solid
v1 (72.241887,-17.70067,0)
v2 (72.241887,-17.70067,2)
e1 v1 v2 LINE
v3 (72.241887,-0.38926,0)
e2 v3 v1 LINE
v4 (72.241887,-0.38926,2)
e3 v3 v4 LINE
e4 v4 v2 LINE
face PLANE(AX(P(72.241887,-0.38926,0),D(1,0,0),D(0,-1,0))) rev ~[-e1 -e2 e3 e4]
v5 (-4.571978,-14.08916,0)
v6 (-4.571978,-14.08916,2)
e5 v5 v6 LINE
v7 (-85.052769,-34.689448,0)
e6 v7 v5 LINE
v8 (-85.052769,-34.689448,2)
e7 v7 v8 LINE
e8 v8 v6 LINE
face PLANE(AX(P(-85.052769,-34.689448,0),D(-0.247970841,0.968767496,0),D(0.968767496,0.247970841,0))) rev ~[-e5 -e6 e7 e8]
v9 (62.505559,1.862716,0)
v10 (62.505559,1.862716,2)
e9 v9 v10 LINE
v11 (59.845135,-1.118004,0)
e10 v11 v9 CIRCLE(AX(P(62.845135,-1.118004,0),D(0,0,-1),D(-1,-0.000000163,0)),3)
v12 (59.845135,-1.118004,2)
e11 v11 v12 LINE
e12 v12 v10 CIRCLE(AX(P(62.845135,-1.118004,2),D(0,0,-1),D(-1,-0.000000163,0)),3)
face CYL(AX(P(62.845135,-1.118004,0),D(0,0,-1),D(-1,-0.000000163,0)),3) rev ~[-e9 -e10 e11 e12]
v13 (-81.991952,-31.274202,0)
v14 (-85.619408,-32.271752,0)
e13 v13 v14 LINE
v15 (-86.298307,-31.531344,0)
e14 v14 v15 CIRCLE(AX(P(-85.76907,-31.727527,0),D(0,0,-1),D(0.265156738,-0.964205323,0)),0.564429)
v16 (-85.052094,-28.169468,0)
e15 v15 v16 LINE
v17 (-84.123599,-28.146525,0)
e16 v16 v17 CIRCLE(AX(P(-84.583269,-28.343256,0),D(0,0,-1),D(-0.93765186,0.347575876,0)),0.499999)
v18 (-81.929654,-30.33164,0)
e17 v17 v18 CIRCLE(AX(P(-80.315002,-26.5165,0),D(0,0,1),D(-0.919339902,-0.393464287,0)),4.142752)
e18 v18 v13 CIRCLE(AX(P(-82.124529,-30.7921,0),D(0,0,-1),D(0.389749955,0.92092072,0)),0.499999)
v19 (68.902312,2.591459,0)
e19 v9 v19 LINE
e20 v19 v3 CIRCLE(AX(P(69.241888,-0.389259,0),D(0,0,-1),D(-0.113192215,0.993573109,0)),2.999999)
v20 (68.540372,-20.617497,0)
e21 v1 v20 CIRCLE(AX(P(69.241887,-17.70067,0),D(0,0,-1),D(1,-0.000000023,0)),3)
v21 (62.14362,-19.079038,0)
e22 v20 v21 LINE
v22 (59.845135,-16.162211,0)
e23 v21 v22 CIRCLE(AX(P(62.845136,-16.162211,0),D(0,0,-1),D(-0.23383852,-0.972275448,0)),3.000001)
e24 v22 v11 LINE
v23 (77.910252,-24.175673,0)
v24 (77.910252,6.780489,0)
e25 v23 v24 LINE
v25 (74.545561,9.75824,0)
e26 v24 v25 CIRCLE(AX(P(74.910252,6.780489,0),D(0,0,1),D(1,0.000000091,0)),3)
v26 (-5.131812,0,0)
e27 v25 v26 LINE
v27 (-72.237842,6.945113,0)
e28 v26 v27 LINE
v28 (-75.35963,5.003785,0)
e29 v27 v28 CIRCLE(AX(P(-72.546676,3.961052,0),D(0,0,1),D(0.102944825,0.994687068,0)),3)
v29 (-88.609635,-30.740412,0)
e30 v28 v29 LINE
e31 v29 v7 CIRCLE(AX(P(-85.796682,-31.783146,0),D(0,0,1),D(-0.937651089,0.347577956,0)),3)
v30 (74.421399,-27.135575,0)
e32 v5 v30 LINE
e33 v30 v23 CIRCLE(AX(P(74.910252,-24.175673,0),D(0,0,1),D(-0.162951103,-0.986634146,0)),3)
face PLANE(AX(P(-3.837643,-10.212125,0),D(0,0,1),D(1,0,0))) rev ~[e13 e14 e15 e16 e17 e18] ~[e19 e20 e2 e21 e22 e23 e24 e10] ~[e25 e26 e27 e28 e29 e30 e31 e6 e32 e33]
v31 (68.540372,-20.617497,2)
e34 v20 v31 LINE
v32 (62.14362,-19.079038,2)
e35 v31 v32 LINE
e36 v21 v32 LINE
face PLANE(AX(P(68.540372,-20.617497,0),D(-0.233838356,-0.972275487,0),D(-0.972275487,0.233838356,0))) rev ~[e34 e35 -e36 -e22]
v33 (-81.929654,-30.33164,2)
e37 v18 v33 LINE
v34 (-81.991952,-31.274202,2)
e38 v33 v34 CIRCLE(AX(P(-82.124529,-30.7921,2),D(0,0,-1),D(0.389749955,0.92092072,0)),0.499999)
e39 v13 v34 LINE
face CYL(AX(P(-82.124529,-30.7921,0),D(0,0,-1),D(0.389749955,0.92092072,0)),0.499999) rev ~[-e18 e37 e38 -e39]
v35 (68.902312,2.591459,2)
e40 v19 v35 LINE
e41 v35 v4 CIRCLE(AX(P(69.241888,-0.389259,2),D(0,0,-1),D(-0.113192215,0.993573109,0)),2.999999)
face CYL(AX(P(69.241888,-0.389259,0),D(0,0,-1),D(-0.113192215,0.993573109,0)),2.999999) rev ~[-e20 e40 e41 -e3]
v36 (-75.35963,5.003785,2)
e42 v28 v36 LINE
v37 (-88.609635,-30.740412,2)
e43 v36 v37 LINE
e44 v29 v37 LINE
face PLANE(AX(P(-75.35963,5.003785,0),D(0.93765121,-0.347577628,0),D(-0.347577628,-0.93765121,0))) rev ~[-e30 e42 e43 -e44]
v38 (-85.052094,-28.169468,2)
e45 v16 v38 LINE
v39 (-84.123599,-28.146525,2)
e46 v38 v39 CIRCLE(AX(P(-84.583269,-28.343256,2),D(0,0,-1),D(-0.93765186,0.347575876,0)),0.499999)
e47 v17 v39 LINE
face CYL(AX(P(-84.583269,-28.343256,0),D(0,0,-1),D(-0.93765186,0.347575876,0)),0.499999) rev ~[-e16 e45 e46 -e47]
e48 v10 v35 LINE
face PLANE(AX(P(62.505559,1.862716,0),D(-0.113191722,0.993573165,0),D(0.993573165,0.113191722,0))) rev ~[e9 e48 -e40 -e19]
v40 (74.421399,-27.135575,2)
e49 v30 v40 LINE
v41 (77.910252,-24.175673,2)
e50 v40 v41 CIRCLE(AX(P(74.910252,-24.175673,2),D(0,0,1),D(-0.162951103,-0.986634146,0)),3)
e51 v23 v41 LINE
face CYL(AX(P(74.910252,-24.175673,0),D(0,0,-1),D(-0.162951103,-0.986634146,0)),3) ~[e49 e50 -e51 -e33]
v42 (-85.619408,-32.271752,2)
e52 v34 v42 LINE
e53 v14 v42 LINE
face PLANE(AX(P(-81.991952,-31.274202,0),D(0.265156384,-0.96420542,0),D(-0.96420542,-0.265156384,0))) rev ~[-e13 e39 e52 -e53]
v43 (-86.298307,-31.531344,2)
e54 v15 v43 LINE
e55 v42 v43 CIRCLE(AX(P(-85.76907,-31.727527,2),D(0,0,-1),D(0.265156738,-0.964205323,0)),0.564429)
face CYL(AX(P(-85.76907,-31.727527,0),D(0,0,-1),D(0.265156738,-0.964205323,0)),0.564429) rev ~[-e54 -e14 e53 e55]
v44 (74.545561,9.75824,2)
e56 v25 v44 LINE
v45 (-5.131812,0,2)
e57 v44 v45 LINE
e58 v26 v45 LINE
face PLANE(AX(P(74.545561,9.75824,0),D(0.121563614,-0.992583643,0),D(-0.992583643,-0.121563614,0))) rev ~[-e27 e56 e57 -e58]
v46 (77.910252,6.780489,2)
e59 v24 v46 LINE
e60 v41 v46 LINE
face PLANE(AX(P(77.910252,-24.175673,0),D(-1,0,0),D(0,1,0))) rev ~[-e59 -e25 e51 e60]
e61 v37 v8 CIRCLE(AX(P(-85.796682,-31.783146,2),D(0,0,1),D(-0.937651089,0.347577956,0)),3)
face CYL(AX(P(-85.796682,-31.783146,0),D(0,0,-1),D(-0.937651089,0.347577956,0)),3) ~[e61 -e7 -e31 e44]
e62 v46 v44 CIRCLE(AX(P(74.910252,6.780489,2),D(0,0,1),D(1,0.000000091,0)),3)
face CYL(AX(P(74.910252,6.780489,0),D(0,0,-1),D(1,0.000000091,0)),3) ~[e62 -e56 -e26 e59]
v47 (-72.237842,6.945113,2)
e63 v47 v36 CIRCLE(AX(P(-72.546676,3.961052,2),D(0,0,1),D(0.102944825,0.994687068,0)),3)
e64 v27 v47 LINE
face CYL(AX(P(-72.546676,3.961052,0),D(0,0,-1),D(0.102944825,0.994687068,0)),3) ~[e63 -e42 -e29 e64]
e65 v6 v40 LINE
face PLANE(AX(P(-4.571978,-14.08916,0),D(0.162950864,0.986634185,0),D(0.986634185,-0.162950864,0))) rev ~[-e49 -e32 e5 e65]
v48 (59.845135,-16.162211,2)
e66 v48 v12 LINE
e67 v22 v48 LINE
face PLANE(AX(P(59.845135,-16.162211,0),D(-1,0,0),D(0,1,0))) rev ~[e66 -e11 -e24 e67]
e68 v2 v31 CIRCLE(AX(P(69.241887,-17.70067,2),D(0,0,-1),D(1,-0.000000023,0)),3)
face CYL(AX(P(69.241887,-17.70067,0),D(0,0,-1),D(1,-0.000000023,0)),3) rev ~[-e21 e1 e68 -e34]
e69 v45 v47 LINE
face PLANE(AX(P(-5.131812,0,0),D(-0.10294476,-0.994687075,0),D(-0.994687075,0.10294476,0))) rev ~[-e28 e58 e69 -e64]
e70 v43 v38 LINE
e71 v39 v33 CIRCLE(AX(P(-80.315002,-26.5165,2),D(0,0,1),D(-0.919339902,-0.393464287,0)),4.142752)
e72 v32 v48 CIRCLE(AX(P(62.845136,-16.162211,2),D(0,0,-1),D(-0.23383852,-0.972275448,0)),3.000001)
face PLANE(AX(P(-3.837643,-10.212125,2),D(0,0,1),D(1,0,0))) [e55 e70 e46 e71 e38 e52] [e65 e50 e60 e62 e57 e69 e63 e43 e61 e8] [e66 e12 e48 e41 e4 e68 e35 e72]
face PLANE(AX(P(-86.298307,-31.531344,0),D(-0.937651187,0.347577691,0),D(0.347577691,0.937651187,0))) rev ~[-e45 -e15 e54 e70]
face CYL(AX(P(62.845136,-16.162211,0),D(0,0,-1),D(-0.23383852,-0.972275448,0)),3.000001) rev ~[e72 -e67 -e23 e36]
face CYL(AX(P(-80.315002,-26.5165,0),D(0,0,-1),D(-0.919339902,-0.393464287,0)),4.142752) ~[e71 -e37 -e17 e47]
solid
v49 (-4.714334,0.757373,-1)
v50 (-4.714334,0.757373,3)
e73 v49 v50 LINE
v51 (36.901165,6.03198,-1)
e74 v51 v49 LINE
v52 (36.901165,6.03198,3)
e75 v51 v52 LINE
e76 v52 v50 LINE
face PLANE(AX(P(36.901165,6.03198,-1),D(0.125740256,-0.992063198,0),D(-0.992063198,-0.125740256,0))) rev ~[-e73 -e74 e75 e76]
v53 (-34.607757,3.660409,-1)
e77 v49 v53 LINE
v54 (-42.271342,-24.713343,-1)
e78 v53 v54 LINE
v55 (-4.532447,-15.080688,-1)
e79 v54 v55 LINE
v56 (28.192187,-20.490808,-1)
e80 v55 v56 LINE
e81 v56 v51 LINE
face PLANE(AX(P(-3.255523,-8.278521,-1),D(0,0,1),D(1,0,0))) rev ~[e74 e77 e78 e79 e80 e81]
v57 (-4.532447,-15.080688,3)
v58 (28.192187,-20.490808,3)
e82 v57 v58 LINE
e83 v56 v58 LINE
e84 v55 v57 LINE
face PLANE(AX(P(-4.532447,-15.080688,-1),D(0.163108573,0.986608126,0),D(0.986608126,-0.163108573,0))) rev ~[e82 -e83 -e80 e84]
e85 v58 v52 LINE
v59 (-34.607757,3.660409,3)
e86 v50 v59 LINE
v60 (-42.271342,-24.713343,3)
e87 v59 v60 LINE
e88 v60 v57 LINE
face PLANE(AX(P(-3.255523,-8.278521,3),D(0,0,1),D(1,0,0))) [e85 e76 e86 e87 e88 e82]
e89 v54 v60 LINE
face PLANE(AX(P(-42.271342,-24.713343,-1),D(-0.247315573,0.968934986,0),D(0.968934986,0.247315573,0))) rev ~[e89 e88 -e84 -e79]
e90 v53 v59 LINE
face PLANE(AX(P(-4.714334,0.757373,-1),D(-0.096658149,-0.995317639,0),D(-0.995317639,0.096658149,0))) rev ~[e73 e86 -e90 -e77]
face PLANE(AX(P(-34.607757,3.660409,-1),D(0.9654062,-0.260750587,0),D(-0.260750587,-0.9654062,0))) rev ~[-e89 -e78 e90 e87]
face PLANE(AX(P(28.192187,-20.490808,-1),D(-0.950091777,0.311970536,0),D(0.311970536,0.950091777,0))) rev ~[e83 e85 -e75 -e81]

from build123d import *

# Parameters (mm, degrees)
F1_DEPTH = 2
F4_DEPTH = 4


with BuildPart() as f1:
    # F0 (on Top) → F1 (new body)
    with BuildSketch(Plane.XY):
        with BuildLine():
            ThreePointArc((-88.609635, -30.740412), (-88.025797, -33.790892), (-85.052769, -34.689448))
            Line((-85.052769, -34.689448), (-4.571978, -14.08916))
            Line((-4.571978, -14.08916), (74.421399, -27.135575))
            ThreePointArc((74.421399, -27.135575), (76.851056, -26.463309), (77.910252, -24.175673))
            Line((77.910252, -24.175673), (77.910252, 6.780489))
            ThreePointArc((77.910252, 6.780489), (76.898458, 9.02705), (74.545561, 9.75824))
            Line((74.545561, 9.75824), (-5.131812, 0))
            Line((-5.131812, 0), (-72.237842, 6.945113))
            ThreePointArc((-72.237842, 6.945113), (-74.130924, 6.508631), (-75.35963, 5.003785))
            Line((-75.35963, 5.003785), (-88.609635, -30.740412))
        make_face()
        with BuildLine():
            ThreePointArc((-85.619408, -32.271752), (-86.185087, -32.108984), (-86.298307, -31.531344))
            Line((-86.298307, -31.531344), (-85.052094, -28.169468))
            ThreePointArc((-85.052094, -28.169468), (-84.59562, -27.843409), (-84.123599, -28.146525))
            ThreePointArc((-84.123599, -28.146525), (-83.238457, -29.451769), (-81.929654, -30.33164))
            ThreePointArc((-81.929654, -30.33164), (-81.625618, -30.825075), (-81.991952, -31.274202))
            Line((-81.991952, -31.274202), (-85.619408, -32.271752))
        make_face(mode=Mode.SUBTRACT)
        with BuildLine():
            Line((72.241887, -0.38926), (72.241887, -17.70067))
            ThreePointArc((72.241887, -17.70067), (71.098693, -20.056996), (68.540372, -20.617497))
            Line((68.540372, -20.617497), (62.14362, -19.079038))
            ThreePointArc((62.14362, -19.079038), (60.488809, -18.019017), (59.845135, -16.162211))
            Line((59.845135, -16.162211), (59.845135, -1.118004))
            ThreePointArc((59.845135, -1.118004), (60.606974, 0.879654), (62.505559, 1.862716))
            Line((62.505559, 1.862716), (68.902312, 2.591459))
            ThreePointArc((68.902312, 2.591459), (71.239545, 1.848901), (72.241887, -0.38926))
        make_face(mode=Mode.SUBTRACT)
    extrude(amount=F1_DEPTH)


with BuildPart() as f4:
    # F3 (on offset) → F4 (new body)
    with BuildSketch(Plane.XY.offset(-1)):
        Polygon((-34.607757, 3.660409), (-42.271342, -24.713343), (-4.532447, -15.080688), (28.192187, -20.490808), (36.901165, 6.03198), (-4.714334, 0.757373), align=None)
    extrude(amount=F4_DEPTH)


solid = Compound([f1.part, f4.part])
